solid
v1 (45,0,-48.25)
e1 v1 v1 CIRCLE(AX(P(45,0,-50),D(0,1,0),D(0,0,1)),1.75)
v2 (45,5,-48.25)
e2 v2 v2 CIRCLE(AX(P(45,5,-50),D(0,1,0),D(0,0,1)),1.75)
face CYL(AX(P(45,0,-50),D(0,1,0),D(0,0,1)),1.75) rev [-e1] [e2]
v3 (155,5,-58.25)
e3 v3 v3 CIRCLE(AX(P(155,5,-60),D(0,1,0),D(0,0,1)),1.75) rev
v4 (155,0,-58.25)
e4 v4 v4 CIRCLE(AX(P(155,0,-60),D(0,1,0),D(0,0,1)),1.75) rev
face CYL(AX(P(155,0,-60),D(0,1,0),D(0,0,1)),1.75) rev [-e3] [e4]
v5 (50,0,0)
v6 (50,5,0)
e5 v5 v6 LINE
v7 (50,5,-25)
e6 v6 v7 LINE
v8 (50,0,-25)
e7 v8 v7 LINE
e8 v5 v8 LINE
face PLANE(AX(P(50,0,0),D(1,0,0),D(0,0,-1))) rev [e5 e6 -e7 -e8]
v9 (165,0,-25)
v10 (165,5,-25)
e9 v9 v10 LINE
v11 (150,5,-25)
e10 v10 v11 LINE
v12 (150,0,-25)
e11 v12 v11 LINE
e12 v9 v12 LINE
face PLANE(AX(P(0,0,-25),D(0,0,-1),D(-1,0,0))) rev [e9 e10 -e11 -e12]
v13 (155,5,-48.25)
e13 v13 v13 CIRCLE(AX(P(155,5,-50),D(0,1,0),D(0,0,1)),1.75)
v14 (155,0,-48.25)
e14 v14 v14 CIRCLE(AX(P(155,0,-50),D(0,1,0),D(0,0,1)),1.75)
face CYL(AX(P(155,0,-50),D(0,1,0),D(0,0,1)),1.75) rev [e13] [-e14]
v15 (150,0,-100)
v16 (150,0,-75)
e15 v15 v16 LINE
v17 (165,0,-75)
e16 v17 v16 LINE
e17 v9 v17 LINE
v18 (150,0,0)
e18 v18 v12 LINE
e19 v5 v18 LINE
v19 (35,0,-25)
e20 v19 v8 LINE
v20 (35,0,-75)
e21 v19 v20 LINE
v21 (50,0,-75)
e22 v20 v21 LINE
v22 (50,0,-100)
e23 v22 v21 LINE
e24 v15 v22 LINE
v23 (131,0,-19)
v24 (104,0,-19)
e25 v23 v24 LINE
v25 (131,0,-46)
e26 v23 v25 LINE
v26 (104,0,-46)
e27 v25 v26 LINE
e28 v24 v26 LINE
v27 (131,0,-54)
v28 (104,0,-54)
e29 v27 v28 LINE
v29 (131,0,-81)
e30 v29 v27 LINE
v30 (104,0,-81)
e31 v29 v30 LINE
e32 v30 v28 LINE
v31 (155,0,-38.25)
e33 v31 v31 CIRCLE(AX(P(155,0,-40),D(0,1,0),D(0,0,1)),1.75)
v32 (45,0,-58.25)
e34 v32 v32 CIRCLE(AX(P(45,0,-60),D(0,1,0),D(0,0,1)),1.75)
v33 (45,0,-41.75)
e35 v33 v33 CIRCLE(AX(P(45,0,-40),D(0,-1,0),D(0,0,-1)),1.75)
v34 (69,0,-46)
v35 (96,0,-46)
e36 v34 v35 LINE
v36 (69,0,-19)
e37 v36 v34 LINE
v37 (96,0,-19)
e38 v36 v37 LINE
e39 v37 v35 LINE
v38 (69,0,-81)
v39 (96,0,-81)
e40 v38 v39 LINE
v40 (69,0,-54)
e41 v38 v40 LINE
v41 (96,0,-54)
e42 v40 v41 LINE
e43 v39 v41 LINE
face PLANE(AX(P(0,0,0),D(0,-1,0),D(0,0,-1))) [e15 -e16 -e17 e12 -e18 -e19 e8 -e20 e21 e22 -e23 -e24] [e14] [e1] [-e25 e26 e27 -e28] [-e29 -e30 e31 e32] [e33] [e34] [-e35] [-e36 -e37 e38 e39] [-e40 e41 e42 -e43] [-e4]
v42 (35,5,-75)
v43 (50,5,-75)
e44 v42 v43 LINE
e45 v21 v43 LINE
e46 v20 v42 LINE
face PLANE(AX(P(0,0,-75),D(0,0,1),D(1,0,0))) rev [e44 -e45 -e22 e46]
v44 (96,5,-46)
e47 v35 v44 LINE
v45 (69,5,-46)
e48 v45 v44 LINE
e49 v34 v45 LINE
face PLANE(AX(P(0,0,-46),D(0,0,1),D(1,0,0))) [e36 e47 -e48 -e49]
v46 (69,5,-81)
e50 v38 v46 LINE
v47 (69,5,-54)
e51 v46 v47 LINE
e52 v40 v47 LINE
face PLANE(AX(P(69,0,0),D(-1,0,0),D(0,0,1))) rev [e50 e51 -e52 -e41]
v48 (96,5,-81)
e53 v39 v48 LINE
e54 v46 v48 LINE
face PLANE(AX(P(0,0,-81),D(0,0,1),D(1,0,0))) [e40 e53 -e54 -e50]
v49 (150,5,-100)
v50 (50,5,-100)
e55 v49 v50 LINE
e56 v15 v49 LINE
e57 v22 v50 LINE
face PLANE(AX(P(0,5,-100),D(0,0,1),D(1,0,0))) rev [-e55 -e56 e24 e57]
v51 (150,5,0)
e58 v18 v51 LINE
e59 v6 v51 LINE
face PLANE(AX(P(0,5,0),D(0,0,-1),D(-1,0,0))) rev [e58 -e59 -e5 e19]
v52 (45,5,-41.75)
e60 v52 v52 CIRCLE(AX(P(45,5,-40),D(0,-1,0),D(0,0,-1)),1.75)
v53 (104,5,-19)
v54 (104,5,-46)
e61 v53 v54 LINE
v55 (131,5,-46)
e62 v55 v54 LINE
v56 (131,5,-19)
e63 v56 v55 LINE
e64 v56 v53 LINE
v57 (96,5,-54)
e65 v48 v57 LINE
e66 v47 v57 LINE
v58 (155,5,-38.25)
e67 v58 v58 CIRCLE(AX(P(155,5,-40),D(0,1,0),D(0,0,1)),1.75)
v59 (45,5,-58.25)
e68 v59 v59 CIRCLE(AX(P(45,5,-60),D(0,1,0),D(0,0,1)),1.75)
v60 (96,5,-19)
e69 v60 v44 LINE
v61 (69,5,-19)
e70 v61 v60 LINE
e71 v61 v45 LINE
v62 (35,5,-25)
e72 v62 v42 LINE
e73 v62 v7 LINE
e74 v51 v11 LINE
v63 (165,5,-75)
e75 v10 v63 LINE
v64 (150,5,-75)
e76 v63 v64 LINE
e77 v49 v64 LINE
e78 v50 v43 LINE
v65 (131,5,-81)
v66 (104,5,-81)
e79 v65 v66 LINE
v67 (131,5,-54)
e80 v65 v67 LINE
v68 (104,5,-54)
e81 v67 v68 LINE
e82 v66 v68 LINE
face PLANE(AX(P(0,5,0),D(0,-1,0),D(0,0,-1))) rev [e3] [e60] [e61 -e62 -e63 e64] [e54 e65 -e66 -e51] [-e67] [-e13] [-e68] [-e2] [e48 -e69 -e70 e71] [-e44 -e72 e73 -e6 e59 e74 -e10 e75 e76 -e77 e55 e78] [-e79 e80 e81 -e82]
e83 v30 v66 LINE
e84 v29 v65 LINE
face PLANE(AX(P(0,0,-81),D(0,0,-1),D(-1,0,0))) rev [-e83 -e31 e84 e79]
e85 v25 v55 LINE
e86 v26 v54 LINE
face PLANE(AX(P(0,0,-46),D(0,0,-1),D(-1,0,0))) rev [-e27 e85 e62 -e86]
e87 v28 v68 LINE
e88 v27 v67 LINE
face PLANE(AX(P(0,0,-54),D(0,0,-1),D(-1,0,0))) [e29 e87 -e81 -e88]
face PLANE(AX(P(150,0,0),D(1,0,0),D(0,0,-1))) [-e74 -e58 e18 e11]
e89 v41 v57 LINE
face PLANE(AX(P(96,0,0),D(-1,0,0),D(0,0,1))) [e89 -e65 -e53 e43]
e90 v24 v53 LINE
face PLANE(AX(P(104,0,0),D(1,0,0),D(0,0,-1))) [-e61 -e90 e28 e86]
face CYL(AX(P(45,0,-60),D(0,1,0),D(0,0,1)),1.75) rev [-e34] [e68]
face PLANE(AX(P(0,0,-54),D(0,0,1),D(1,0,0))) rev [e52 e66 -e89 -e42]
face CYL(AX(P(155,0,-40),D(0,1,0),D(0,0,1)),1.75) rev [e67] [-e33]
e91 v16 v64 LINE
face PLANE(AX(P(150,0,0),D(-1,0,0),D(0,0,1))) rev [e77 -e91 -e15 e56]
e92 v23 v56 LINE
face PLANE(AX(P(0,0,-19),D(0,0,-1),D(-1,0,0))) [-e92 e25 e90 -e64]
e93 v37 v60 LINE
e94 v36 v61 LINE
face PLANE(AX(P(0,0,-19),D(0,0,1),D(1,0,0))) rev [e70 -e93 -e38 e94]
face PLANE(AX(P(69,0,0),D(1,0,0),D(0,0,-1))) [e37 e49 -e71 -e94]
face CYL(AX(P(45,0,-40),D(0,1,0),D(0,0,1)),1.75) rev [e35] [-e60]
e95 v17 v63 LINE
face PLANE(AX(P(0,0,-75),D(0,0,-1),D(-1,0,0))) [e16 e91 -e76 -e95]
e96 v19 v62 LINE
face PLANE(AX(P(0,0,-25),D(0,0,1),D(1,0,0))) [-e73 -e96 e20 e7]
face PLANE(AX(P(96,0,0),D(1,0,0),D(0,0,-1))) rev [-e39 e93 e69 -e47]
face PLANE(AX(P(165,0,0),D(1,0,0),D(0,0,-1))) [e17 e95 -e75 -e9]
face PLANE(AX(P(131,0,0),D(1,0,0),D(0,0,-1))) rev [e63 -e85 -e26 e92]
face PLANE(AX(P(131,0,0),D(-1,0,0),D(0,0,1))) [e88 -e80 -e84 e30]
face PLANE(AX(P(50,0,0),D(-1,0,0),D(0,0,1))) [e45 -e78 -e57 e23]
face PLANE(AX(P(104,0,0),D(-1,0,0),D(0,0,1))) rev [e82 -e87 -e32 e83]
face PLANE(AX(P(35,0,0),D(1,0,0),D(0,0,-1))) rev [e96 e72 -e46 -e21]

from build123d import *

# Parameters (mm, degrees)
SKETCH1_W           = 200
SKETCH1_H           = 100
BOSS_EXTRUDE1_DEPTH = 5
SKETCH2_R           = 1.75
CUT_EXTRUDE1_DEPTH  = 224.662692463
SKETCH4_R           = 1.75
CUT_EXTRUDE2_DEPTH  = 224.662692463
SKETCH6_W           = 50
SKETCH6_H           = 25
SKETCH6_W_2         = 27
SKETCH6_H_2         = 27
CUT_EXTRUDE4_DEPTH  = 224.662692463
SKETCH7_W           = 35
SKETCH7_H           = 50
SKETCH7_R           = 1.75
CUT_EXTRUDE5_DEPTH  = 224.662692463


with BuildPart() as part:
    # Sketch1 → Boss-Extrude1 (new body)
    with BuildSketch(Plane(origin=(0, 0, 0), x_dir=(1, 0, 0), z_dir=(0, 1, 0))):
        with Locations((100, 50)):
            Rectangle(SKETCH1_W, SKETCH1_H)
    extrude(amount=BOSS_EXTRUDE1_DEPTH)

    # Sketch2 → Cut-Extrude1 (cut, through all)
    with BuildSketch(Plane(origin=(0, 5, 0), x_dir=(1, 0, 0), z_dir=(0, 1, 0))):
        with Locations(Location((170, 60, 0), (0, 0, 270))):
            Circle(SKETCH2_R)
        with Locations(Location((170, 40, 0), (0, 0, 270))):
            Circle(SKETCH2_R)
        with Locations(Location((30, 40, 0), (0, 0, 270))):
            Circle(SKETCH2_R)
        with Locations(Location((30, 60, 0), (0, 0, 90))):
            Circle(SKETCH2_R)
        with Locations(Location((155, 40, 0), (0, 0, 270))):
            Circle(SKETCH2_R)
        with Locations(Location((155, 60, 0), (0, 0, 270))):
            Circle(SKETCH2_R)
        with Locations(Location((45, 60, 0), (0, 0, 270))):
            Circle(SKETCH2_R)
        with Locations(Location((45, 40, 0), (0, 0, 90))):
            Circle(SKETCH2_R)
    extrude(amount=-CUT_EXTRUDE1_DEPTH, mode=Mode.SUBTRACT)

    # Sketch4 → Cut-Extrude2 (cut, through all)
    with BuildSketch(Plane(origin=(0, 5, 0), x_dir=(1, 0, 0), z_dir=(0, 1, 0))):
        with Locations(Location((155, 50, 0), (0, 0, 270))):
            Circle(SKETCH4_R)
        with Locations(Location((45, 50, 0), (0, 0, 270))):
            Circle(SKETCH4_R)
    extrude(amount=-CUT_EXTRUDE2_DEPTH, mode=Mode.SUBTRACT)

    # Sketch6 → Cut-Extrude4 (cut, through all)
    with BuildSketch(Plane(origin=(0, 5, 0), x_dir=(1, 0, 0), z_dir=(0, 1, 0))):
        with Locations((25, 12.5)):
            Rectangle(SKETCH6_W, SKETCH6_H)
        with Locations((25, 87.5)):
            Rectangle(SKETCH6_W, SKETCH6_H)
        with Locations((82.5, 67.5)):
            Rectangle(SKETCH6_W_2, SKETCH6_H_2)
        with Locations((117.5, 67.5)):
            Rectangle(SKETCH6_W_2, SKETCH6_H_2)
        with Locations((82.5, 32.5)):
            Rectangle(SKETCH6_W_2, SKETCH6_H_2)
        with Locations((117.5, 32.5)):
            Rectangle(SKETCH6_W_2, SKETCH6_H_2)
        with Locations((175, 87.5)):
            Rectangle(SKETCH6_W, SKETCH6_H)
        with Locations((175, 12.5)):
            Rectangle(SKETCH6_W, SKETCH6_H)
    extrude(amount=-CUT_EXTRUDE4_DEPTH, mode=Mode.SUBTRACT)

    # Sketch7 → Cut-Extrude5 (cut, through all)
    # profile 1 of 2: a face of its own
    with BuildSketch(Plane(origin=(0, 5, 0), x_dir=(1, 0, 0), z_dir=(0, 1, 0))):
        with Locations((182.5, 50)):
            Rectangle(SKETCH7_W, SKETCH7_H)
        with Locations((170, 40)):
            Circle(SKETCH7_R, mode=Mode.SUBTRACT)
        with Locations((170, 60)):
            Circle(SKETCH7_R, mode=Mode.SUBTRACT)
    # profile 2 of 2: a face of its own
    with BuildSketch(Plane(origin=(0, 5, 0), x_dir=(1, 0, 0), z_dir=(0, 1, 0))):
        with Locations((17.5, 50)):
            Rectangle(SKETCH7_W, SKETCH7_H)
        with Locations((30, 40)):
            Circle(SKETCH7_R, mode=Mode.SUBTRACT)
        with Locations((30, 60)):
            Circle(SKETCH7_R, mode=Mode.SUBTRACT)
    extrude(amount=-CUT_EXTRUDE5_DEPTH, mode=Mode.SUBTRACT)


solid = part.part
